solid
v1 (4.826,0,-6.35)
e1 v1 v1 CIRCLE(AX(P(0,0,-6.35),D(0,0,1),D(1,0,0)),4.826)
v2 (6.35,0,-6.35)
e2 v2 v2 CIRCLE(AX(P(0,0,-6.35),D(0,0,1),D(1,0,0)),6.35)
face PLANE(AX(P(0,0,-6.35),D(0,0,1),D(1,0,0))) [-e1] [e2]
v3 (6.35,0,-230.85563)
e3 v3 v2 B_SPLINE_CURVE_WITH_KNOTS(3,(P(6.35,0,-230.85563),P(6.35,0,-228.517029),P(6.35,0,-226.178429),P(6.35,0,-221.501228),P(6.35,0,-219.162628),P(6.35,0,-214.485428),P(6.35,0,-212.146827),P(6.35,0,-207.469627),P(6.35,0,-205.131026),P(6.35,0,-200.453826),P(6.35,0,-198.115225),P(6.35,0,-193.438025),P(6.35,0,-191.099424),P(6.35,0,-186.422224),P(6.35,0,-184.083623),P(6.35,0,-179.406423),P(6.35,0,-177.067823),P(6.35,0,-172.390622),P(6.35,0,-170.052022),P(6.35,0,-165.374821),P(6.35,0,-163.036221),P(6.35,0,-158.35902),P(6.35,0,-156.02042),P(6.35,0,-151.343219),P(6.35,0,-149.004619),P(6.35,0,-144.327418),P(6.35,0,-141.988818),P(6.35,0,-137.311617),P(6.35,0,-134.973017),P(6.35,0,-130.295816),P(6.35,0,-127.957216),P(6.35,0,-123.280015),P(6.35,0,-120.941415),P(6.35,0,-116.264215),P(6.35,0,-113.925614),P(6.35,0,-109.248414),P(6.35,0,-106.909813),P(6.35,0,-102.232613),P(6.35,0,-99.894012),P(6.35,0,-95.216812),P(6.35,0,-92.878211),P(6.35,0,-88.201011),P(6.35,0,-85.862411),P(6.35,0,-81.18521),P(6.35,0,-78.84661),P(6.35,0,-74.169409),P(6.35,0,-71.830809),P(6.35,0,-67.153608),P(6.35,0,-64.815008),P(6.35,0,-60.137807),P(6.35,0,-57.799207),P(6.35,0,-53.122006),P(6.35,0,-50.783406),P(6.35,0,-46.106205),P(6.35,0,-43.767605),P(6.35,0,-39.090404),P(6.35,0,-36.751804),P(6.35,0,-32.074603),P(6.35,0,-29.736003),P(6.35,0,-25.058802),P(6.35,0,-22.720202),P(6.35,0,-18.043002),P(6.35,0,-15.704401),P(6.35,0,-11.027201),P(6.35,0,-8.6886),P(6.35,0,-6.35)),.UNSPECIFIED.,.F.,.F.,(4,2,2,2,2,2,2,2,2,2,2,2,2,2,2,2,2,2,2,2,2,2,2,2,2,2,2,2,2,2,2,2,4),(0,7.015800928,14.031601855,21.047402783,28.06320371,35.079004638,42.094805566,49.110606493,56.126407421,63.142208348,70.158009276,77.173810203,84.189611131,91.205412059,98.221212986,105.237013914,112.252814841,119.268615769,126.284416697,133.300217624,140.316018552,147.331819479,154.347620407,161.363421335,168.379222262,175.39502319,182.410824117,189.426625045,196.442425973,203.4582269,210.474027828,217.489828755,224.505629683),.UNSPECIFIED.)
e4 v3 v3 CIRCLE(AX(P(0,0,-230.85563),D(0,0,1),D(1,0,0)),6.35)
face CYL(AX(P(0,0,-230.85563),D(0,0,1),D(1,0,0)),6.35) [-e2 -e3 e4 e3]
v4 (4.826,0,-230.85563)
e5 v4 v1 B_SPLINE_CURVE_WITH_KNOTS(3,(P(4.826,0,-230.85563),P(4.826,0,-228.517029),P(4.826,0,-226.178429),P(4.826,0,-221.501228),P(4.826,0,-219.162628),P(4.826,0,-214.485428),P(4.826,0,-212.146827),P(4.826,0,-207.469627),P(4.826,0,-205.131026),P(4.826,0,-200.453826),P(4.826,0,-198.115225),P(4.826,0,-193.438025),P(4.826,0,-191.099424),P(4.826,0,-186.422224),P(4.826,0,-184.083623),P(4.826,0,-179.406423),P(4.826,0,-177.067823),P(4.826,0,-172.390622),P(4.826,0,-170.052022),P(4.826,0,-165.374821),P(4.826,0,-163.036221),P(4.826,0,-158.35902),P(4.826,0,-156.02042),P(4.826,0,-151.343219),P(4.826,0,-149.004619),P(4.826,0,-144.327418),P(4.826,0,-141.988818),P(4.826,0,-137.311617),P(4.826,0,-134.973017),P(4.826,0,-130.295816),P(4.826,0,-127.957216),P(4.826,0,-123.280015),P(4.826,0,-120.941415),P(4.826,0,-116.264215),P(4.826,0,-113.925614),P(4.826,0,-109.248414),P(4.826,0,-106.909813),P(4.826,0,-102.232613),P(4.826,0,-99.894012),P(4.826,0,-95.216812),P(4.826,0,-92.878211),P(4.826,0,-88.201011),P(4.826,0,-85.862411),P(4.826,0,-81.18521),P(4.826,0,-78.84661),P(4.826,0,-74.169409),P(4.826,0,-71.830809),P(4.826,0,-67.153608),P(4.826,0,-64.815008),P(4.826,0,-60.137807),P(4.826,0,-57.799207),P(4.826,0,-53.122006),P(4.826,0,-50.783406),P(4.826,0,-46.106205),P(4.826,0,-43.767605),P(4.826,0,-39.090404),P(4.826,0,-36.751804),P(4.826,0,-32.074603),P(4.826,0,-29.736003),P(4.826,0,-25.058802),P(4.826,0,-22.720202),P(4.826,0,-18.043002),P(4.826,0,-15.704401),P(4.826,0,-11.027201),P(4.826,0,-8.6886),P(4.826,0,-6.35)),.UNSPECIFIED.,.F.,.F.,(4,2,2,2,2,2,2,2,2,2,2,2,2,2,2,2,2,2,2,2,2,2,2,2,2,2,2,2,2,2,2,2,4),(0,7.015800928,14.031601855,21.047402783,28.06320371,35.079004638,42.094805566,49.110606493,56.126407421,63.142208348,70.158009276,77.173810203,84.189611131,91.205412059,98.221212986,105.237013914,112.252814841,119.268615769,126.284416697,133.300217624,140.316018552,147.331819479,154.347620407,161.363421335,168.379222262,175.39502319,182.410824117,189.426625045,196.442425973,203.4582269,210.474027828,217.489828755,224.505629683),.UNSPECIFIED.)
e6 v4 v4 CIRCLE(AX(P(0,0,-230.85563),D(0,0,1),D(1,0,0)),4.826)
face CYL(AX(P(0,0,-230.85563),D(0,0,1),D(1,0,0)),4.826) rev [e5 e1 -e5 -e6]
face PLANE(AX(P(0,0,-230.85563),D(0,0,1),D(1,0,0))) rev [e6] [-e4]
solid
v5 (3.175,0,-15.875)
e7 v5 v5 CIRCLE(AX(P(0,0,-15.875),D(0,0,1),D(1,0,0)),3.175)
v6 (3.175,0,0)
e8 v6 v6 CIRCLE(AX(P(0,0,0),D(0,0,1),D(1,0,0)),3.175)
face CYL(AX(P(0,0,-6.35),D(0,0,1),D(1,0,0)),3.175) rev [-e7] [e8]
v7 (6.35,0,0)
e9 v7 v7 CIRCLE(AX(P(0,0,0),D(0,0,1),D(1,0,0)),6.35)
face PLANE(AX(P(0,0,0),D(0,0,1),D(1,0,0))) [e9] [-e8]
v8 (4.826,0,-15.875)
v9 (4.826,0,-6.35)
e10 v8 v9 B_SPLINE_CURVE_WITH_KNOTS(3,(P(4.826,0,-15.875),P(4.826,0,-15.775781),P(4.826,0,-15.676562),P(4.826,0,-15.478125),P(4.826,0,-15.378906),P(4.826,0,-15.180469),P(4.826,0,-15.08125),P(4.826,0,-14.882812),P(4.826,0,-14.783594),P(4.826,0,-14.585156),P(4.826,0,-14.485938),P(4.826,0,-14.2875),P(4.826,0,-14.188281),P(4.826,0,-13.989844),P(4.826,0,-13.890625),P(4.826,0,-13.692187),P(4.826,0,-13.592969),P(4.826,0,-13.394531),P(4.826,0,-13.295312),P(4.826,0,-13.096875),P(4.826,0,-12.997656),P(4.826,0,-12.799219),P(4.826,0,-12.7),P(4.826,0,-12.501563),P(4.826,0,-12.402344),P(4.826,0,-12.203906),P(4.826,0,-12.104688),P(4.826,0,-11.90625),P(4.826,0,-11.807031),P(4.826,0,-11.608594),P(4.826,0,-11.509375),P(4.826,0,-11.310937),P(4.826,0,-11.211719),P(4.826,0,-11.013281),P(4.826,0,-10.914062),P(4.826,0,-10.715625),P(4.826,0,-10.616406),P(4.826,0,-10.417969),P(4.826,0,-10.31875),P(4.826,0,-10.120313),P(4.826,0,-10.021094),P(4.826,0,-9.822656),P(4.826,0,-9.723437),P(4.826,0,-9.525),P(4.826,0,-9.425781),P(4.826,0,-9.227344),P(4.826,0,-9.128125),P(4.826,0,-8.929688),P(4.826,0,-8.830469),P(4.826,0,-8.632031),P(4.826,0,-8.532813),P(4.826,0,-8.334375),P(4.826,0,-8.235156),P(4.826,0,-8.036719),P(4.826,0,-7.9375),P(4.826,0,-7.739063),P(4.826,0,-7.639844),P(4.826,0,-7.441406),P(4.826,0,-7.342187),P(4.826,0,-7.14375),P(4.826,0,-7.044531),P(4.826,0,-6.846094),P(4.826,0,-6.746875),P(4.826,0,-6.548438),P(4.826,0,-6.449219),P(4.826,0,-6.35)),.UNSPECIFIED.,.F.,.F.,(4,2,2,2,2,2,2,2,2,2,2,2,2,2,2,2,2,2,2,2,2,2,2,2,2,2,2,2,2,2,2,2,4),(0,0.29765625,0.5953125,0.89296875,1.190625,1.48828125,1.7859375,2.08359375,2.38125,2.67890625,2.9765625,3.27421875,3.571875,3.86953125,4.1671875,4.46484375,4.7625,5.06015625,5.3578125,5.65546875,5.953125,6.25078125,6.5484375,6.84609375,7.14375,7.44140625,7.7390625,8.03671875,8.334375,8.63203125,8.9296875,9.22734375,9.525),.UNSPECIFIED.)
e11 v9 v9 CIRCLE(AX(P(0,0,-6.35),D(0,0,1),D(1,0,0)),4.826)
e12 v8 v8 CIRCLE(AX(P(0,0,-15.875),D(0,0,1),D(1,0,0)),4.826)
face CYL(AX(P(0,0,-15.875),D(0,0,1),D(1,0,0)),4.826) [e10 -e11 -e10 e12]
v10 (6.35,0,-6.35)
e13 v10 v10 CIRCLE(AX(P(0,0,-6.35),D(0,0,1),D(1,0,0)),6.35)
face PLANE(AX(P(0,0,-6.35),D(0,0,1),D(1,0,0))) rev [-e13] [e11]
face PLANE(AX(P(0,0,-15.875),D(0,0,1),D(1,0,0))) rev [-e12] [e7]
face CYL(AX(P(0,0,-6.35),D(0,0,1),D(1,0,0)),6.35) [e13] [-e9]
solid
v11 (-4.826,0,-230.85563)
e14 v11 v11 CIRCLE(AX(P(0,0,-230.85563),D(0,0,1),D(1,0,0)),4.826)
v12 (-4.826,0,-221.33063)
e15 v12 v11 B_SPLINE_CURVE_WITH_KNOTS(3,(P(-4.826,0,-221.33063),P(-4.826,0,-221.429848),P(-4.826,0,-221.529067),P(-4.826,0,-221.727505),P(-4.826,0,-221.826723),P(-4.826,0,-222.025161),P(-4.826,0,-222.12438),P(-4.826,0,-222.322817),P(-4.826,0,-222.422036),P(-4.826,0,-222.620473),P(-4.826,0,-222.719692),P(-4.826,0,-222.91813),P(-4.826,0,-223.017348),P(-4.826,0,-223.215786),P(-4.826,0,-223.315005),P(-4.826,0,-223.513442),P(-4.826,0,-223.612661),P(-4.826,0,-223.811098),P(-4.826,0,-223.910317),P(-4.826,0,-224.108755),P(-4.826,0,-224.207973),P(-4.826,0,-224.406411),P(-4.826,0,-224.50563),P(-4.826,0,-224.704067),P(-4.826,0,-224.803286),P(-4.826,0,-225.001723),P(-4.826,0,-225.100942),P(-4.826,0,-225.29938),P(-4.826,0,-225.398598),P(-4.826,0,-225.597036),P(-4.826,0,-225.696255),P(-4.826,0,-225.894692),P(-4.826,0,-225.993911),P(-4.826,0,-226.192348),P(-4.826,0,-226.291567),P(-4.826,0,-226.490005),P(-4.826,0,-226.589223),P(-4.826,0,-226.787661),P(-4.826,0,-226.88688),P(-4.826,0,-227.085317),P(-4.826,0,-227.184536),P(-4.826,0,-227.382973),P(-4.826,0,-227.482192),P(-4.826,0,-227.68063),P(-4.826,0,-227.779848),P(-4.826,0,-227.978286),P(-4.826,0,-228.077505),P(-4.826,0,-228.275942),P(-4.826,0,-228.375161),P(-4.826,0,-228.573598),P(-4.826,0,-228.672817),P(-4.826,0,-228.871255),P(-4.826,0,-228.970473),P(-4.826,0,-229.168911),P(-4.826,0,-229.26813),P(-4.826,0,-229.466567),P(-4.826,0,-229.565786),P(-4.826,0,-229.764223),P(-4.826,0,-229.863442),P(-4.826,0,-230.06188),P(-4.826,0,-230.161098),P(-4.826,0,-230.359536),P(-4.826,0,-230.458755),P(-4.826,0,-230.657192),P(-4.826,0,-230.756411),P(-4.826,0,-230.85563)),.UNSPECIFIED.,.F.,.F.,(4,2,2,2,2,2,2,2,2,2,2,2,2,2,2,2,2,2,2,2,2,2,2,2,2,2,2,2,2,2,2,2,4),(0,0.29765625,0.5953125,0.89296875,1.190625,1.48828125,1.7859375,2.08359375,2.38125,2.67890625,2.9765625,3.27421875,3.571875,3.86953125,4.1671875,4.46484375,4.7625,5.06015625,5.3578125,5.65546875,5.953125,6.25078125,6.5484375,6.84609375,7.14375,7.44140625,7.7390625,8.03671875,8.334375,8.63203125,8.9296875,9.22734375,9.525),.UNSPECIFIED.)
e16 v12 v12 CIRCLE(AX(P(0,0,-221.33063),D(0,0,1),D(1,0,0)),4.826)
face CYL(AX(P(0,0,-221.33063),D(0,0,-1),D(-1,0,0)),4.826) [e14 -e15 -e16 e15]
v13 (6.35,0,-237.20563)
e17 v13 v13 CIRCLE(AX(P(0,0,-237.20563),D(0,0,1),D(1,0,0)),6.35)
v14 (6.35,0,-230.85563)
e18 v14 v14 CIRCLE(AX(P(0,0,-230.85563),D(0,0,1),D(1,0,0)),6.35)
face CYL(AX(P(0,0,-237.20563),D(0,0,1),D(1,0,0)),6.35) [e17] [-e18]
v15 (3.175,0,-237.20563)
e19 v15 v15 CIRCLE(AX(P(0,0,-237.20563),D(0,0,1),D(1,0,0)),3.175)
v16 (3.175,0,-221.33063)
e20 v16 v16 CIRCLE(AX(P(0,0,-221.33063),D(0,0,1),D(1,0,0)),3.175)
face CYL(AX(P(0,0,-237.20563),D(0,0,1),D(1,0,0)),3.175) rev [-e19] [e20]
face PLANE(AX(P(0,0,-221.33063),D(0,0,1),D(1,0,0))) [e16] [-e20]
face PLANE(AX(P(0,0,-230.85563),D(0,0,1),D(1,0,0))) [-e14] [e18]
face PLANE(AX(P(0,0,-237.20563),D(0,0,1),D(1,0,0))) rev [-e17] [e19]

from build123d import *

# Parameters (mm, degrees)
SKETCH1_R                 = 6.35
SKETCH1_R_2               = 4.826
SKETCH1_R_3               = 3.175
THREADED_INSERT_1_1_DEPTH = 6.35
THREADED_START            = -6.35
SKETCH1_3_R               = 4.826
SKETCH1_3_R_2             = 3.175
THREADED_INSERT_1_2_DEPTH = 9.525
TUBE_START                = -6.35
SKETCH1_4_R               = 6.35
SKETCH1_4_R_2             = 4.826
TUBE_EXTRUDE_DEPTH        = 224.50563
THREADED_START_2          = -230.85563
SKETCH1_6_R               = 4.826
SKETCH1_6_R_2             = 3.175
THREADED_INSERT_2_1_DEPTH = 9.525
SKETCH1_9_R               = 6.35
SKETCH1_9_R_2             = 4.826
SKETCH1_9_R_3             = 3.175
THREADED_INSERT_2_2_DEPTH = 6.35


with BuildPart() as part:
    # Sketch1 → Threaded insert 1-1 (new body)
    # profile 1 of 2: a face of its own
    with BuildSketch(Plane.XY):
        Circle(SKETCH1_R)
        Circle(SKETCH1_R_2, mode=Mode.SUBTRACT)
    # profile 2 of 2: a face of its own
    with BuildSketch(Plane.XY):
        Circle(SKETCH1_R_2)
        Circle(SKETCH1_R_3, mode=Mode.SUBTRACT)
    extrude(amount=-THREADED_INSERT_1_1_DEPTH)

    # Sketch1<3> → Threaded insert 1-2 (add)
    with BuildSketch(Plane.XY.offset(THREADED_START)):
        Circle(SKETCH1_3_R)
        Circle(SKETCH1_3_R_2, mode=Mode.SUBTRACT)
    extrude(amount=-THREADED_INSERT_1_2_DEPTH)


with BuildPart() as body_2:
    # Sketch1<4> → Tube extrude (new body)
    with BuildSketch(Plane.XY.offset(TUBE_START)):
        Circle(SKETCH1_4_R)
        Circle(SKETCH1_4_R_2, mode=Mode.SUBTRACT)
    extrude(amount=-TUBE_EXTRUDE_DEPTH)


with BuildPart() as body_3:
    # Sketch1<6> → Threaded insert 2-1 (new body)
    with BuildSketch(Plane.XY.offset(THREADED_START_2)):
        Circle(SKETCH1_6_R)
        Circle(SKETCH1_6_R_2, mode=Mode.SUBTRACT)
    extrude(amount=THREADED_INSERT_2_1_DEPTH)


with BuildPart() as body_4:
    # Sketch1<9> → Threaded insert 2-2 (new body)
    # profile 1 of 2: a face of its own
    with BuildSketch(Plane.XY.offset(THREADED_START_2)):
        Circle(SKETCH1_9_R)
        Circle(SKETCH1_9_R_2, mode=Mode.SUBTRACT)
    # profile 2 of 2: a face of its own
    with BuildSketch(Plane.XY.offset(THREADED_START_2)):
        Circle(SKETCH1_9_R_2)
        Circle(SKETCH1_9_R_3, mode=Mode.SUBTRACT)
    extrude(amount=-THREADED_INSERT_2_2_DEPTH)

    # Combine1: union body 3
    add(body_3.part)


solid = Compound([part.part, body_2.part, body_4.part])
